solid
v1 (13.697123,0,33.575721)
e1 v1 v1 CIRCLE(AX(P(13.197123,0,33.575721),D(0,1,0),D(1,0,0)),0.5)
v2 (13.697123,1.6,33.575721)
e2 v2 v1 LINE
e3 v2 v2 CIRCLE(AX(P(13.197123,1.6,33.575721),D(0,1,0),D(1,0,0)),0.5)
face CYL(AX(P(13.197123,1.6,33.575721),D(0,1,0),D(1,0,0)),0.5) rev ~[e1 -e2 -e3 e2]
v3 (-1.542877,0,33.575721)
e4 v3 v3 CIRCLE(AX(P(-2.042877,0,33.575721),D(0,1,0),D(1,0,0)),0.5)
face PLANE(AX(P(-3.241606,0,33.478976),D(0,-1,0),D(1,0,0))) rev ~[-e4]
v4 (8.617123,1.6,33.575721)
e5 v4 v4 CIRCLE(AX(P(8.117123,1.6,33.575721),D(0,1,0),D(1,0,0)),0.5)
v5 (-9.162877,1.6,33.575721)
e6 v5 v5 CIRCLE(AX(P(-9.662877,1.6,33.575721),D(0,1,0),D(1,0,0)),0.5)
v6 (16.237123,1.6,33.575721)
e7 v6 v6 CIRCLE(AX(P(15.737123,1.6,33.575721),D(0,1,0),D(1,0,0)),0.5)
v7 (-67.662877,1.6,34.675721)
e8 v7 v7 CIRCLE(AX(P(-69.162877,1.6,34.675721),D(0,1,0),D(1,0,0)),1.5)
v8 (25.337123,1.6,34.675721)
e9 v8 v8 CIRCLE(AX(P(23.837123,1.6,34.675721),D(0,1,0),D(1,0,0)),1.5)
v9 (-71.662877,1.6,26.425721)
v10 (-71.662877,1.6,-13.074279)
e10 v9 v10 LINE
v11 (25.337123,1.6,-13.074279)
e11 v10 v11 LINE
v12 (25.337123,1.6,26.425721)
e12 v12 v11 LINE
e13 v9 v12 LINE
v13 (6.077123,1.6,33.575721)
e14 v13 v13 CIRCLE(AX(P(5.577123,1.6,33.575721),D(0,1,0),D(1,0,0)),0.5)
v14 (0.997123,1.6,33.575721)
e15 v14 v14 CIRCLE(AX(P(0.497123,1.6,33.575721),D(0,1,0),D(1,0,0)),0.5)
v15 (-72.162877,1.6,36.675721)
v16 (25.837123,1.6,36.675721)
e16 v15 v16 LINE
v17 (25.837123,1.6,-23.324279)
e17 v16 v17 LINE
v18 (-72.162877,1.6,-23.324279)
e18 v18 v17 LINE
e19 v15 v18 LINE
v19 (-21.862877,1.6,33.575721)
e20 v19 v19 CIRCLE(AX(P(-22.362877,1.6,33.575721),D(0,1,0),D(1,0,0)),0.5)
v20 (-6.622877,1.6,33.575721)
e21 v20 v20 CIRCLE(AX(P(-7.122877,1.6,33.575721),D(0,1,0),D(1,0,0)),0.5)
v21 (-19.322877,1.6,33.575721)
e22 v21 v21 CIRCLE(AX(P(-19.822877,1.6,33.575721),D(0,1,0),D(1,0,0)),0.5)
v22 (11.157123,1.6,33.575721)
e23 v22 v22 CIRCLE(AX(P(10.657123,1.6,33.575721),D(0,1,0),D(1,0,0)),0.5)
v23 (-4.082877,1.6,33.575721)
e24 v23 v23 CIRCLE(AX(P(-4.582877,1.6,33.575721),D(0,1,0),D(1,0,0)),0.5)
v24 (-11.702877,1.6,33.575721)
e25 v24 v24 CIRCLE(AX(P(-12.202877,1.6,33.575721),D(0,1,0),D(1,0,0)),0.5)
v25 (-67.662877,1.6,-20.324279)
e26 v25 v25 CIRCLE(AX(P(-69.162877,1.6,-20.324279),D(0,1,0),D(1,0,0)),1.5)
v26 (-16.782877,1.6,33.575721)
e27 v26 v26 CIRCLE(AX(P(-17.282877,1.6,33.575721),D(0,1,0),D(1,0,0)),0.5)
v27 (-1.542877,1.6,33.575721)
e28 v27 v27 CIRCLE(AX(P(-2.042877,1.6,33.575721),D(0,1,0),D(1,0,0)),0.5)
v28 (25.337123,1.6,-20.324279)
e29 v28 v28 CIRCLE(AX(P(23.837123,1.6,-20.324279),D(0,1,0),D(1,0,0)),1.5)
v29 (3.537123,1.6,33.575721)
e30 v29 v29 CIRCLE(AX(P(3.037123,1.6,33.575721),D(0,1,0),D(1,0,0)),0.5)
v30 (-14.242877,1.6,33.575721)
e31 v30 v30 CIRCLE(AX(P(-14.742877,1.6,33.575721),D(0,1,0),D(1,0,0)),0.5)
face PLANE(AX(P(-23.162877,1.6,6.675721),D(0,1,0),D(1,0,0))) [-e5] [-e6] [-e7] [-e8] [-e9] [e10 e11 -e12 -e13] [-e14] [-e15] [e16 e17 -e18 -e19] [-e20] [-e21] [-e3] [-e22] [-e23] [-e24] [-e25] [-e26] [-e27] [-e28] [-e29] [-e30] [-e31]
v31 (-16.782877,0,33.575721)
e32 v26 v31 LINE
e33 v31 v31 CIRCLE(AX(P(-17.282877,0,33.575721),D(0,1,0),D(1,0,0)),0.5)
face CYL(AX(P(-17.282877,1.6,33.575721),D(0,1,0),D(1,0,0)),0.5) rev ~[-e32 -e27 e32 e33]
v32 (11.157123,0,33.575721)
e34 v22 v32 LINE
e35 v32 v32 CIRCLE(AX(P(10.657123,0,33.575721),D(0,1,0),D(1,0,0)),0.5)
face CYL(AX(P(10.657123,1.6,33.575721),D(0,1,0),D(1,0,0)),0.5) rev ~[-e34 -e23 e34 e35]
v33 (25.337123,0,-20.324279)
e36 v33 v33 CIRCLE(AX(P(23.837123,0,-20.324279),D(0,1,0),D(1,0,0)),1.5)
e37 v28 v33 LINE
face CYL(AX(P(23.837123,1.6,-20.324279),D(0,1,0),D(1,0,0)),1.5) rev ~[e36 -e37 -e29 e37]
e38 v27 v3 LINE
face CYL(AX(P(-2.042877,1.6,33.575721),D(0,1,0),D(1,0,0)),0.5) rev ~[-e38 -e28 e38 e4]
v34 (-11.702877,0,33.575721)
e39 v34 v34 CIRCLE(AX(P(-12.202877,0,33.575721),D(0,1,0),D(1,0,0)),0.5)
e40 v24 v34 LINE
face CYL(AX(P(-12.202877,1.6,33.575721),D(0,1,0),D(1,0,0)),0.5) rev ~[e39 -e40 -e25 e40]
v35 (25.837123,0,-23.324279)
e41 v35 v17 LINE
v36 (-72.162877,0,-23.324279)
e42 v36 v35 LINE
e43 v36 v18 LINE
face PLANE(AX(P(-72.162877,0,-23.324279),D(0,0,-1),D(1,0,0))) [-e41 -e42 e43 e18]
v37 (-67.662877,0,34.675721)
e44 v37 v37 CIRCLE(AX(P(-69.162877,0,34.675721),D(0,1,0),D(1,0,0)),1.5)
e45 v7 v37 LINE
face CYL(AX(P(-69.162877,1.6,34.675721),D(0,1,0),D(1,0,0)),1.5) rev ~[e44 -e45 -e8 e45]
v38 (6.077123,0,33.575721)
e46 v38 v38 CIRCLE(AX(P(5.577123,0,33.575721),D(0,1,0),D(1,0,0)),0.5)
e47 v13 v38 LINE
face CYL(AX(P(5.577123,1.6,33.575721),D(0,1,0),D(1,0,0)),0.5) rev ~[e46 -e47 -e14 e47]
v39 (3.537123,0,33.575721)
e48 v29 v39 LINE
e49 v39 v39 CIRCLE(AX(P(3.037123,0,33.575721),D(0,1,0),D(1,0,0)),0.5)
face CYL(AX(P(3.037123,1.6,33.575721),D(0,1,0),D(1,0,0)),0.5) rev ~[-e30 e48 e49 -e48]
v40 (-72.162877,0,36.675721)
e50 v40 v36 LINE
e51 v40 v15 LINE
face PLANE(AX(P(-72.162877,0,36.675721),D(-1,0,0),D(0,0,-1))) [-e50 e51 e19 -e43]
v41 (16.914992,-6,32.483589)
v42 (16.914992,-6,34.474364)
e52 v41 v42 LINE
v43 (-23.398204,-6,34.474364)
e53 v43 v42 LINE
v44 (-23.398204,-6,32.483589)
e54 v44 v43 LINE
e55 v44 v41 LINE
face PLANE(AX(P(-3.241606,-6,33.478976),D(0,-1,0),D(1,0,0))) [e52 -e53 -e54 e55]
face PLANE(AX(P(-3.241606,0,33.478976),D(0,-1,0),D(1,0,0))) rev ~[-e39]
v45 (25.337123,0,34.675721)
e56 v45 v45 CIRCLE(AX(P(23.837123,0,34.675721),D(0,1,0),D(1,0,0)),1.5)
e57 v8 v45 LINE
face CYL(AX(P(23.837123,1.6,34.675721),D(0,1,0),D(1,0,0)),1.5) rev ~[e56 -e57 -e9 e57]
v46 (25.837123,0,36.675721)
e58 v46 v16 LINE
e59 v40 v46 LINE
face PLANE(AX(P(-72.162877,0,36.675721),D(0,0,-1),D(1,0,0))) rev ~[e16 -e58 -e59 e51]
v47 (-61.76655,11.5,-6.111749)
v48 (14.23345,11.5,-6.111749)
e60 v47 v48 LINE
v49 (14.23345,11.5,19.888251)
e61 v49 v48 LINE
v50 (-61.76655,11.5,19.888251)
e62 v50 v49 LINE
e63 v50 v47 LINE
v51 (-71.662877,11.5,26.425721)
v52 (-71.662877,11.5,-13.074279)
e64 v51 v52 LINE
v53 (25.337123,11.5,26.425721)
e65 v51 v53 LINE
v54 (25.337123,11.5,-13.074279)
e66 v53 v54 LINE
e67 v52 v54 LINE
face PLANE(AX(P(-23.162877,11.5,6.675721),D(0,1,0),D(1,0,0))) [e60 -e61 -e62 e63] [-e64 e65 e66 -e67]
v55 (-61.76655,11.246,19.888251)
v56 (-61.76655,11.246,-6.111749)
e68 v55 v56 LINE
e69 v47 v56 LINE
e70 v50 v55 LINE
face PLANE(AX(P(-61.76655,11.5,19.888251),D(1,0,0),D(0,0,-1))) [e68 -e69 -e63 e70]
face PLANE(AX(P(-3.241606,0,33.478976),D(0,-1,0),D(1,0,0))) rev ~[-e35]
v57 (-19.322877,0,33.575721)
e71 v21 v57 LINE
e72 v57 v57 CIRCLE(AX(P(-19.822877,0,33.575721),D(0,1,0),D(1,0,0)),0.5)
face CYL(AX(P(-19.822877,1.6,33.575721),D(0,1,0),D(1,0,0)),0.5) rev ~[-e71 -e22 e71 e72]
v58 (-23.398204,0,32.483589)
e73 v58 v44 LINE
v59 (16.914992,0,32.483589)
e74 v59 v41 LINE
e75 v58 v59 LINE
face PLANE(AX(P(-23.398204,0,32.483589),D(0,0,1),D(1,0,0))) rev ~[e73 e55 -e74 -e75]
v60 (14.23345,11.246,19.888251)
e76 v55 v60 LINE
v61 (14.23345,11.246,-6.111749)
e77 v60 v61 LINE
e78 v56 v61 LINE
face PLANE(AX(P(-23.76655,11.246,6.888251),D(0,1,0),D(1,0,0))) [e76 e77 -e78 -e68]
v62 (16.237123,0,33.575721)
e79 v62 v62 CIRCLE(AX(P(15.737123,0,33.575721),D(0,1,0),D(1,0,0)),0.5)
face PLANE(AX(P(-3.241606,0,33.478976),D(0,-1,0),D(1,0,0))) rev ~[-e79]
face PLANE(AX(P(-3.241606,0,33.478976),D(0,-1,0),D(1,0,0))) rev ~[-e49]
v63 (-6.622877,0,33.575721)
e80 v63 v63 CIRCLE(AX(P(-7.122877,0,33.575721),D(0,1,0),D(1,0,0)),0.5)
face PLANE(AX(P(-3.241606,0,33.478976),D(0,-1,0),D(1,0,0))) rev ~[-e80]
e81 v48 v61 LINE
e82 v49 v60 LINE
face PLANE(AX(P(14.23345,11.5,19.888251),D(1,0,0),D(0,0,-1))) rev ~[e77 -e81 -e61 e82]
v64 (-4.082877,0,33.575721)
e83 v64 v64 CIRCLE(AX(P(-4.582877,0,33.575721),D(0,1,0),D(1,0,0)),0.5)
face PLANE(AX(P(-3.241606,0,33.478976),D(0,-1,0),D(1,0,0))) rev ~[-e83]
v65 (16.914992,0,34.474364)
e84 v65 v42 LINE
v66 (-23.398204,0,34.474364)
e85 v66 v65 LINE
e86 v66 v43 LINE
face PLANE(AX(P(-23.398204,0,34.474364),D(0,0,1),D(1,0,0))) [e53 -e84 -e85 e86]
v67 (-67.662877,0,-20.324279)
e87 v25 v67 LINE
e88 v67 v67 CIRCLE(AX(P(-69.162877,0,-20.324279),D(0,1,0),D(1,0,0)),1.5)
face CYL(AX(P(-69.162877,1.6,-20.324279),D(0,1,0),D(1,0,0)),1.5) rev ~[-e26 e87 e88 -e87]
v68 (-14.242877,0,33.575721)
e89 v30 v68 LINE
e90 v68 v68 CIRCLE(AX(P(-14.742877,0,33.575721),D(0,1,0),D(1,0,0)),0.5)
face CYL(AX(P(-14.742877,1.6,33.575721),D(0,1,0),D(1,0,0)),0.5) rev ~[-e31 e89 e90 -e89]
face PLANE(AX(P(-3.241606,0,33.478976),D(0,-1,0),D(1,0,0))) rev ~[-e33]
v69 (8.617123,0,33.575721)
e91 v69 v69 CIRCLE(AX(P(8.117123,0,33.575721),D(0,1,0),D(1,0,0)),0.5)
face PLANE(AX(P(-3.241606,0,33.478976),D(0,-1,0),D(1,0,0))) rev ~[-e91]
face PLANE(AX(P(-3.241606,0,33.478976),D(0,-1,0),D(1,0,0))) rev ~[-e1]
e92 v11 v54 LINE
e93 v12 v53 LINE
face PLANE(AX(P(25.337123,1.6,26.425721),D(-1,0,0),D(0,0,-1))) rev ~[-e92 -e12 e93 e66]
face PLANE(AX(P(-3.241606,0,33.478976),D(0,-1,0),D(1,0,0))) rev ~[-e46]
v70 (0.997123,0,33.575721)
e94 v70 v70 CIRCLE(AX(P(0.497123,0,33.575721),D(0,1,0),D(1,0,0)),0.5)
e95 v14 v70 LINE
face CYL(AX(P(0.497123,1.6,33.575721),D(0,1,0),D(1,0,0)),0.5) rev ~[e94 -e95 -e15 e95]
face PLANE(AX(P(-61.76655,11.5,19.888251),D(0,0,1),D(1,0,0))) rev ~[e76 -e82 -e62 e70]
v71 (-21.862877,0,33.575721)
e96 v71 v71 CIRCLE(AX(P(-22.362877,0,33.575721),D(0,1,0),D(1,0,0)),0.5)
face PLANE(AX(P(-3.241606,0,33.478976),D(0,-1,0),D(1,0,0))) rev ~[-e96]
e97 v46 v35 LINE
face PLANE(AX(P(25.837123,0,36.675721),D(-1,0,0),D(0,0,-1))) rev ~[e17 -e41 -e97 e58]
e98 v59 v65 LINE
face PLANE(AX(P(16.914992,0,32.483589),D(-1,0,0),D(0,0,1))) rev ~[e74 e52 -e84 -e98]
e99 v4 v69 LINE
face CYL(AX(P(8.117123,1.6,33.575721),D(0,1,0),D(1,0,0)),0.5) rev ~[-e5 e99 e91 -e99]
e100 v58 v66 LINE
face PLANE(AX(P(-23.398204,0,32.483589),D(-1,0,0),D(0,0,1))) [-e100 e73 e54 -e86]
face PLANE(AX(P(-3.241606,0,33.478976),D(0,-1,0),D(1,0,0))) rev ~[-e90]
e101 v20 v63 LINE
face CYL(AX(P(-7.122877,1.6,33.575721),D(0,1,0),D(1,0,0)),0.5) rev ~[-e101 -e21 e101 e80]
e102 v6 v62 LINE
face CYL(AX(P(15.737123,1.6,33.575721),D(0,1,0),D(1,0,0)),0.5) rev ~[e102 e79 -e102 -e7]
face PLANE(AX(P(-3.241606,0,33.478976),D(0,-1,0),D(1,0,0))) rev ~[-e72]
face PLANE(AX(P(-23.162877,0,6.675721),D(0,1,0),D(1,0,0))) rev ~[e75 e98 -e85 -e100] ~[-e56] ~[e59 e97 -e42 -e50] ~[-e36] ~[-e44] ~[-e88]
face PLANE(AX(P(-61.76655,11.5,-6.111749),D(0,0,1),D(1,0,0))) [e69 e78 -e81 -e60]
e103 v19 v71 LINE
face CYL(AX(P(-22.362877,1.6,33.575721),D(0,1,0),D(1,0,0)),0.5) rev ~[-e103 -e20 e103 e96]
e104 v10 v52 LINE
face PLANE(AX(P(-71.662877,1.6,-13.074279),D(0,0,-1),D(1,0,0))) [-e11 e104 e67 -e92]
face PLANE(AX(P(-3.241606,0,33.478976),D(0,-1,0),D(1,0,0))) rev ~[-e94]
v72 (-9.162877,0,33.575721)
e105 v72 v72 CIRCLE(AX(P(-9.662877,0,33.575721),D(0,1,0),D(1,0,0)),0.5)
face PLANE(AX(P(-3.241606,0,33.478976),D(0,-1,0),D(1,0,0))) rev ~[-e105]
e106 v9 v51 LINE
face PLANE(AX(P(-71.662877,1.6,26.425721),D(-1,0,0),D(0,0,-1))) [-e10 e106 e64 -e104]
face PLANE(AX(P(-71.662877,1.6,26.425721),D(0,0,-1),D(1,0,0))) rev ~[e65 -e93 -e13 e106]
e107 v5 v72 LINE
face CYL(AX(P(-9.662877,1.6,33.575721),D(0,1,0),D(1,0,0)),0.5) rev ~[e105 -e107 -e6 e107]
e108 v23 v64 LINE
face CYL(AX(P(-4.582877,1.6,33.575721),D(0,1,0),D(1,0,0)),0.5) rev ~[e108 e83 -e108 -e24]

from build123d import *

# Parameters (mm, degrees)
SKETCH1_W           = 98
SKETCH1_H           = 60
BOSS_EXTRUDE1_DEPTH = 1.6
SKETCH2_W           = 97
SKETCH2_H           = 39.5
BOSS_EXTRUDE2_DEPTH = 9.9
SKETCH4_R           = 1.5
CUT_EXTRUDE1_DEPTH  = 1.6
SKETCH5_R           = 0.5
CUT_EXTRUDE2_DEPTH  = 1.6
SKETCH6_W           = 40.313195669
SKETCH6_H           = 1.990775095
BOSS_EXTRUDE3_DEPTH = 6
SKETCH3_W           = 76
SKETCH3_H           = 26
CUT_EXTRUDE3_DEPTH  = 0.254


with BuildPart() as part:
    # Sketch1 → Boss-Extrude1 (new body)
    with BuildSketch(Plane(origin=(0, 0, 0), x_dir=(1, 0, 0), z_dir=(0, 1, 0))):
        with Locations((-23.16287695, -6.675720991)):
            Rectangle(SKETCH1_W, SKETCH1_H)
    extrude(amount=BOSS_EXTRUDE1_DEPTH)

    # Sketch2 → Boss-Extrude2 (add)
    with BuildSketch(Plane(origin=(0, 1.6, 0), x_dir=(1, 0, 0), z_dir=(0, 1, 0))):
        with Locations((-23.16287695, -6.675720991)):
            Rectangle(SKETCH2_W, SKETCH2_H)
    extrude(amount=BOSS_EXTRUDE2_DEPTH)

    # Sketch4 → Cut-Extrude1 (cut)
    with BuildSketch(Plane(origin=(0, 1.6, 0), x_dir=(1, 0, 0), z_dir=(0, 1, 0))):
        with Locations((-69.16287695, -34.675720991)):
            Circle(SKETCH4_R)
        with Locations((23.83712305, -34.675720991)):
            Circle(SKETCH4_R)
        with Locations((-69.16287695, 20.324279009)):
            Circle(SKETCH4_R)
        with Locations((23.83712305, 20.324279009)):
            Circle(SKETCH4_R)
    extrude(amount=-CUT_EXTRUDE1_DEPTH, mode=Mode.SUBTRACT)

    # Sketch5 → Cut-Extrude2 (cut)
    with BuildSketch(Plane(origin=(0, 1.6, 0), x_dir=(1, 0, 0), z_dir=(0, 1, 0))):
        with Locations((15.73712305, -33.575720991)):
            Circle(SKETCH5_R)
        with Locations((13.19712305, -33.575720991)):
            Circle(SKETCH5_R)
        with Locations((10.65712305, -33.575720991)):
            Circle(SKETCH5_R)
        with Locations((8.11712305, -33.575720991)):
            Circle(SKETCH5_R)
        with Locations((5.57712305, -33.575720991)):
            Circle(SKETCH5_R)
        with Locations((3.03712305, -33.575720991)):
            Circle(SKETCH5_R)
        with Locations((0.49712305, -33.575720991)):
            Circle(SKETCH5_R)
        with Locations((-2.04287695, -33.575720991)):
            Circle(SKETCH5_R)
        with Locations((-4.58287695, -33.575720991)):
            Circle(SKETCH5_R)
        with Locations((-7.12287695, -33.575720991)):
            Circle(SKETCH5_R)
        with Locations((-9.66287695, -33.575720991)):
            Circle(SKETCH5_R)
        with Locations((-12.20287695, -33.575720991)):
            Circle(SKETCH5_R)
        with Locations((-14.74287695, -33.575720991)):
            Circle(SKETCH5_R)
        with Locations((-17.28287695, -33.575720991)):
            Circle(SKETCH5_R)
        with Locations((-19.82287695, -33.575720991)):
            Circle(SKETCH5_R)
        with Locations((-22.36287695, -33.575720991)):
            Circle(SKETCH5_R)
    extrude(amount=-CUT_EXTRUDE2_DEPTH, mode=Mode.SUBTRACT)

    # Sketch6 → Boss-Extrude3 (add)
    with BuildSketch(Plane.XZ):
        with Locations((-3.241605768, 33.478976188)):
            Rectangle(SKETCH6_W, SKETCH6_H)
    extrude(amount=BOSS_EXTRUDE3_DEPTH)

    # Sketch3 → Cut-Extrude3 (cut)
    with BuildSketch(Plane(origin=(0, 11.5, 0), x_dir=(1, 0, 0), z_dir=(0, 1, 0))):
        with Locations((-23.766549937, -6.888251248)):
            Rectangle(SKETCH3_W, SKETCH3_H)
    extrude(amount=-CUT_EXTRUDE3_DEPTH, mode=Mode.SUBTRACT)


solid = part.part
